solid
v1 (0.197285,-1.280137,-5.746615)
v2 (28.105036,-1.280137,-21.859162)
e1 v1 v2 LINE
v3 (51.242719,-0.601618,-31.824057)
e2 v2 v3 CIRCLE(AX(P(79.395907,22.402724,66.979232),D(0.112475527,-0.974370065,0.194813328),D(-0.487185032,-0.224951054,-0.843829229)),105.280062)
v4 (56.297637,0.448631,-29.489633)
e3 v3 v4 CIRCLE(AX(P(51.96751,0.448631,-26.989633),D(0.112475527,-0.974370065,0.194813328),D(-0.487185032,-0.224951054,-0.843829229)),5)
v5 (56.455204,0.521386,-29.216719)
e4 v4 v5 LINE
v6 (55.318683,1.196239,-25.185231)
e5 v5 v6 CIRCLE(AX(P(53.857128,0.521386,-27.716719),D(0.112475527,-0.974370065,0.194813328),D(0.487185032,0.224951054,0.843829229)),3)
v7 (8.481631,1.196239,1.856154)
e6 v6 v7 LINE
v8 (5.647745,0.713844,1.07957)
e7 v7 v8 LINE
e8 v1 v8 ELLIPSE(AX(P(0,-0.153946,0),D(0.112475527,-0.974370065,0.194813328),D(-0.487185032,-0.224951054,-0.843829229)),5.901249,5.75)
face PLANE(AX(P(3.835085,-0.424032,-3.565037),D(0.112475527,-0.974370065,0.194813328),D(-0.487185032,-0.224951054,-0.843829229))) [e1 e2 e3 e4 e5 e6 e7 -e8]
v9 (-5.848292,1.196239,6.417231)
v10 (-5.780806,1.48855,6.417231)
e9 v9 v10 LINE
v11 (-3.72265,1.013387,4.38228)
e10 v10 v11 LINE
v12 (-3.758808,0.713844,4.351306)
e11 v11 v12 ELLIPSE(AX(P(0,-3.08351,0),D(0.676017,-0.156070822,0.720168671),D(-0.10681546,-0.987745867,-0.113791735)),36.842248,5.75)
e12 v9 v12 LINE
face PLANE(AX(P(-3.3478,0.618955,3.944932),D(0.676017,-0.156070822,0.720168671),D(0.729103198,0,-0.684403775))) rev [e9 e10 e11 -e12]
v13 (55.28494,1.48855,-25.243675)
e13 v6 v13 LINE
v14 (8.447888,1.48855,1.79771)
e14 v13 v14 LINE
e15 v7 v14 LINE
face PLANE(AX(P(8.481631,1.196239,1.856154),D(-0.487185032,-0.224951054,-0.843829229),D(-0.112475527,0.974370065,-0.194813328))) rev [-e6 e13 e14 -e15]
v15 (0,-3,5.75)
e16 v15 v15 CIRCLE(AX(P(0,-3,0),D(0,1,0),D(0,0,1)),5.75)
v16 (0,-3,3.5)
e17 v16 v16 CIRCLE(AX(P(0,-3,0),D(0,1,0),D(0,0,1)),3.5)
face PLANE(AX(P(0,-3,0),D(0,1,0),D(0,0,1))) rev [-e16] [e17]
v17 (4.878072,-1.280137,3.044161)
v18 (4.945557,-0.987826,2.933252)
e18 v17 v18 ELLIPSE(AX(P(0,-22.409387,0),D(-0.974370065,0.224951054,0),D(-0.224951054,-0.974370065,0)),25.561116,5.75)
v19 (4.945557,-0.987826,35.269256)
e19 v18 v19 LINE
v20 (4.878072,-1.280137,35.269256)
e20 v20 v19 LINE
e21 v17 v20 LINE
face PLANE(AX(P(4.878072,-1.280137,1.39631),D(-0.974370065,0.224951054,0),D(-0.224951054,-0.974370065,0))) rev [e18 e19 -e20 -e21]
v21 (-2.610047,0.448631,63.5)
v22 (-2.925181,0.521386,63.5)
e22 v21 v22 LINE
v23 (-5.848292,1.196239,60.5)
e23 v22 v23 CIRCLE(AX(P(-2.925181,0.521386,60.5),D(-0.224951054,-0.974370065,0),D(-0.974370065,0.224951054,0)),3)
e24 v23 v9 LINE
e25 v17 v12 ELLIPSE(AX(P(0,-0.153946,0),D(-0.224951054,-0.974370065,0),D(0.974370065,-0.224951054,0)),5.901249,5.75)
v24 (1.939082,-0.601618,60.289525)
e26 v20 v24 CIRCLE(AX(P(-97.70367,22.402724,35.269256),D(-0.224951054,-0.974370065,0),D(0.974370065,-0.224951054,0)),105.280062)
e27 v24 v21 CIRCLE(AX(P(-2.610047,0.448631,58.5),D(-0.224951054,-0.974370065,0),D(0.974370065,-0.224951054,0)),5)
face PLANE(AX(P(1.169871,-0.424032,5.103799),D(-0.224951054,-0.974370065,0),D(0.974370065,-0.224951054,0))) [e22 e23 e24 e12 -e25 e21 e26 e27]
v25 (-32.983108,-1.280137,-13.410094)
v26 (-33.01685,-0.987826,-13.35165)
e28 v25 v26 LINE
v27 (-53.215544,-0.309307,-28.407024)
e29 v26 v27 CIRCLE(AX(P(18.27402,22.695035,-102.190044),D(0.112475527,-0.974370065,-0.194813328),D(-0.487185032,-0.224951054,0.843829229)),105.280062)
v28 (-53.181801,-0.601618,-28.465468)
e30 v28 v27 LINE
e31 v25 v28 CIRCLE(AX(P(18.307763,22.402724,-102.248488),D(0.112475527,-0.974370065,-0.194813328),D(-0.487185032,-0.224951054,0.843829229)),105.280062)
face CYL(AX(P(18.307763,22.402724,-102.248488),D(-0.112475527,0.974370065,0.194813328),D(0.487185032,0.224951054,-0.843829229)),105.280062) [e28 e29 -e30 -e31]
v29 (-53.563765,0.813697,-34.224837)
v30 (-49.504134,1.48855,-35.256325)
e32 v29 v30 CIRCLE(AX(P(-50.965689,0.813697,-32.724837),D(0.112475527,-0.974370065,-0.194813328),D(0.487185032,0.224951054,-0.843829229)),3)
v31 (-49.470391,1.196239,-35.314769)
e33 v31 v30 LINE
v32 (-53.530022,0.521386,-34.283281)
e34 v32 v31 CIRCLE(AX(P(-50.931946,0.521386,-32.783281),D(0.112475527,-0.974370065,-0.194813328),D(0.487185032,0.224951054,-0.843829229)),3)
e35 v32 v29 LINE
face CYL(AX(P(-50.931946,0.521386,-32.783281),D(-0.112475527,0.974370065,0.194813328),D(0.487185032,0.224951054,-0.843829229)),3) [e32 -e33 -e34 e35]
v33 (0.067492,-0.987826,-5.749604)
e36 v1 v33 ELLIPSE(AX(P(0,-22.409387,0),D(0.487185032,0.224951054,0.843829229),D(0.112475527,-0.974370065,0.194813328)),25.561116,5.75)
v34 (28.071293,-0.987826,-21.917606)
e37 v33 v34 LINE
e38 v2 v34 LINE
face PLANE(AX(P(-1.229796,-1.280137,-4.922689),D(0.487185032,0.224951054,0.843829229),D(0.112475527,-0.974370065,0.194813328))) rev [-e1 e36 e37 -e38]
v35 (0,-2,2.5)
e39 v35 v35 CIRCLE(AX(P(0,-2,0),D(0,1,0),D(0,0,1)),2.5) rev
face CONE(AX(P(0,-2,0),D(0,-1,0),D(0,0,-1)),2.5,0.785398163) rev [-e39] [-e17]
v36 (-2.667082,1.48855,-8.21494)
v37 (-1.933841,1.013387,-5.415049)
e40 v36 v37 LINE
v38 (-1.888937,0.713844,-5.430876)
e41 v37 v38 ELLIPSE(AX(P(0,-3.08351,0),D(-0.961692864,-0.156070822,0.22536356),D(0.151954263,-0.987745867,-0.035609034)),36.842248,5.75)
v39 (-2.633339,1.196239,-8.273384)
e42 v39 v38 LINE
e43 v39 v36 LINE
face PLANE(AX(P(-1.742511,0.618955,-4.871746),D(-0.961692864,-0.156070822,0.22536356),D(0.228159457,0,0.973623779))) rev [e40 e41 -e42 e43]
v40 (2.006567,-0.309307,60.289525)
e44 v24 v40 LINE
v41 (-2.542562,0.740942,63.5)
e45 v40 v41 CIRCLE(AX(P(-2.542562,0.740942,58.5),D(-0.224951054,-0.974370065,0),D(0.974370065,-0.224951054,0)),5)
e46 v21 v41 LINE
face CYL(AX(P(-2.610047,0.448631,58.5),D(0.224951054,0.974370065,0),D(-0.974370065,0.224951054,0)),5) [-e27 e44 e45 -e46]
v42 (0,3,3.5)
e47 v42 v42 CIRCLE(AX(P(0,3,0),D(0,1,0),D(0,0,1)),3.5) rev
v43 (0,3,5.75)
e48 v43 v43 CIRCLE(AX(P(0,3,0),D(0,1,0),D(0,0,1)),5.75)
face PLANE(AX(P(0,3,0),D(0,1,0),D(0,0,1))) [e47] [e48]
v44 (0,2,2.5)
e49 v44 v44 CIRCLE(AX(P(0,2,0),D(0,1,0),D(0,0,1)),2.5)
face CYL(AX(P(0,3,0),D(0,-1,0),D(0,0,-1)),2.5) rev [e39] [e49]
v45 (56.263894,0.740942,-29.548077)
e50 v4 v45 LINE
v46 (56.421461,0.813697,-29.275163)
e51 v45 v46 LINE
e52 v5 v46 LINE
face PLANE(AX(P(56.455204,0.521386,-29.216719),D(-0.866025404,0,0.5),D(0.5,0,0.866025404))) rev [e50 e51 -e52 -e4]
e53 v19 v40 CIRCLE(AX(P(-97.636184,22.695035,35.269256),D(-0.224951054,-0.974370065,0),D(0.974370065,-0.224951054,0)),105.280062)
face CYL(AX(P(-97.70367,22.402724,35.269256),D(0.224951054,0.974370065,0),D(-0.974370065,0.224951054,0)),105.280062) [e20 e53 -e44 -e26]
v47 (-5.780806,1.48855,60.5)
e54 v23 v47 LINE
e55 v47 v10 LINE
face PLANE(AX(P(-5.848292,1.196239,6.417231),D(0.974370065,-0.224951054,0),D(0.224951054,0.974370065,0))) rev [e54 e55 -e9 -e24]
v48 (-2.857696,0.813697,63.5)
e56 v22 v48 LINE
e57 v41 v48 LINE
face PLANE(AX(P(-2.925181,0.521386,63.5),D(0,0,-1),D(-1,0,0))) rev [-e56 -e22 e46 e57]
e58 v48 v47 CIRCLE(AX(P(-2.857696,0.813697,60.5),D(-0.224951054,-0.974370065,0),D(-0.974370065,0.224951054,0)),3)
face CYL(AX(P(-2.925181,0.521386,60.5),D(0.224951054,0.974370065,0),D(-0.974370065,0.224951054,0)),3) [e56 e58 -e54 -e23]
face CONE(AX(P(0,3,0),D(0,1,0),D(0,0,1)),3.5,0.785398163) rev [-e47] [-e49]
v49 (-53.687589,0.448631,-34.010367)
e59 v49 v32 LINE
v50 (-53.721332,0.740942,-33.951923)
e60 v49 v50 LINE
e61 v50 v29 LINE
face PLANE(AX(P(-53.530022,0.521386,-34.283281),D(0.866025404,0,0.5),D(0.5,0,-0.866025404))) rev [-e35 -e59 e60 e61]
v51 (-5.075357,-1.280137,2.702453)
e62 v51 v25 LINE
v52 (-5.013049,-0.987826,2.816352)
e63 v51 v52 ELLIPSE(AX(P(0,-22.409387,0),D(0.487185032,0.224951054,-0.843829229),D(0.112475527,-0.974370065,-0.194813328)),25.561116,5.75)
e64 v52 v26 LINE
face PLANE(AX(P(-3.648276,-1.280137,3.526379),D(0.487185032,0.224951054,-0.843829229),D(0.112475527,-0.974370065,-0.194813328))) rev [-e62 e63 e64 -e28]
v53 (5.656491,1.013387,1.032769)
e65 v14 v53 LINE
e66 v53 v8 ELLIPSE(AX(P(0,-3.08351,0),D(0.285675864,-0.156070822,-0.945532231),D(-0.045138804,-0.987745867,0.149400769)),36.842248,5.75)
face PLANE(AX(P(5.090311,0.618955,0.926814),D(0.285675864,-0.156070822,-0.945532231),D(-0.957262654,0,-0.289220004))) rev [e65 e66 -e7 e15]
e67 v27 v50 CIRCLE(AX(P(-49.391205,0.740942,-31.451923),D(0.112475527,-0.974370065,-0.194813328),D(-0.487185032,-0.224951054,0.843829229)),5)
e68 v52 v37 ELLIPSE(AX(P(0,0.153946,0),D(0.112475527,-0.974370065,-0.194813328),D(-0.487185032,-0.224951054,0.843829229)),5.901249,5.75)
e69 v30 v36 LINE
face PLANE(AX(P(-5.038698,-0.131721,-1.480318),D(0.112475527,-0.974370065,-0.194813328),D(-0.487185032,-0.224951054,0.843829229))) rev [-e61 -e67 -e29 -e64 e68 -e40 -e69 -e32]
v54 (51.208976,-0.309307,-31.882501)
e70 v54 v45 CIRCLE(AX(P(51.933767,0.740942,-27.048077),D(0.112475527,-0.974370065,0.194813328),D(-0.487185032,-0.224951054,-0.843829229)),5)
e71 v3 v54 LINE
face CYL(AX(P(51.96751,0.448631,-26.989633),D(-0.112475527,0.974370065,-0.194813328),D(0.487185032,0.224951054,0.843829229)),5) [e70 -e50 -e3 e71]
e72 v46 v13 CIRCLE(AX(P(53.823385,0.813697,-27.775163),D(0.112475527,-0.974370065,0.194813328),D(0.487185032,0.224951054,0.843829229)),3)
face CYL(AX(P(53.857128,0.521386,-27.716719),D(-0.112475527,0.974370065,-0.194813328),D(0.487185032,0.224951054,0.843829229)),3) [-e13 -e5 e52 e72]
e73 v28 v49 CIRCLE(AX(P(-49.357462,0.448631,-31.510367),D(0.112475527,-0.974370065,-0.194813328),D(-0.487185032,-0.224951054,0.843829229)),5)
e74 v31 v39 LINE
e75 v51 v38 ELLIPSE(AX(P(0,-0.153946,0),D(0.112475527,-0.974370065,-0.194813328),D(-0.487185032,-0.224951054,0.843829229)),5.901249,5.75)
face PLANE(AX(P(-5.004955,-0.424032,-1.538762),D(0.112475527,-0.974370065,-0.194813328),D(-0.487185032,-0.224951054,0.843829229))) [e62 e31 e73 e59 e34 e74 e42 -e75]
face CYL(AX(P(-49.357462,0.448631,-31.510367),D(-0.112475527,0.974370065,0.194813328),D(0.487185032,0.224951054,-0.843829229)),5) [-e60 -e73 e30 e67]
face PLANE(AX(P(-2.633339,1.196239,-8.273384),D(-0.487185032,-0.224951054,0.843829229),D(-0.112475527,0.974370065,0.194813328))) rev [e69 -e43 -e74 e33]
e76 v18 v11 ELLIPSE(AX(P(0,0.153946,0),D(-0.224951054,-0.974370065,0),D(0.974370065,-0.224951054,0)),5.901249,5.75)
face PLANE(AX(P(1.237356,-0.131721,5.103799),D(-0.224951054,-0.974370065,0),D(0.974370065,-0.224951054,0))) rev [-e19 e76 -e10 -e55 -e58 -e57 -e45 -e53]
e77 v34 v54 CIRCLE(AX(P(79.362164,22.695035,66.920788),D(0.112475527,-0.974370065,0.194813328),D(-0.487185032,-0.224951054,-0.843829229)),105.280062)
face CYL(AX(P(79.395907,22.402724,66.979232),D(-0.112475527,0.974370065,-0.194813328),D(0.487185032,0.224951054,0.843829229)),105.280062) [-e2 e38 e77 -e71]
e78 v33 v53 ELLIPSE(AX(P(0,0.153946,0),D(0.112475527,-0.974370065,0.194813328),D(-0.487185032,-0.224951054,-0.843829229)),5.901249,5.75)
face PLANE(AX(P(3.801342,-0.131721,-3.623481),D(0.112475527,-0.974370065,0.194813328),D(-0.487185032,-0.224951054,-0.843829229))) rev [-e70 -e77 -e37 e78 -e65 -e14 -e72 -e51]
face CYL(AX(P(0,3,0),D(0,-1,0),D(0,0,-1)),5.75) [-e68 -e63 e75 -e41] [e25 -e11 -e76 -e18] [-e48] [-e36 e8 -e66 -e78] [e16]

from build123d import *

# Parameters (mm, degrees)
SKETCH1_R           = 5.75
BOSS_EXTRUDE1_DEPTH = 3
BOSS_EXTRUDE2_DEPTH = 0.15
CIRPATTERN1_COUNT   = 3
SKETCH4_R           = 2.5
CUT_EXTRUDE1_DEPTH  = 7
CHAMFER1_SIZE       = 1


with BuildPart() as part:
    # Sketch1 → Boss-Extrude1 (new body, symmetric)
    with BuildSketch(Plane(origin=(0, 0, 0), x_dir=(1, 0, 0), z_dir=(0, 1, 0))):
        Circle(SKETCH1_R)
    extrude(amount=BOSS_EXTRUDE1_DEPTH, both=True)

    # Sketch3 → Boss-Extrude2 (add, symmetric)
    with BuildSketch(Plane(origin=(0, 0, 0), x_dir=(0.974370065, -0.224951054, 0), z_dir=(-0.224951054, -0.974370065, 0))):
        with BuildLine():
            Line((-3.401230627, 3.94493197), (-5.967495519, 6.417230684))
            Line((-5.967495519, 6.417230684), (-5.967495519, 60.5))
            ThreePointArc((-5.967495519, 60.5), (-5.088815862, 62.621320344), (-2.967495519, 63.5))
            Line((-2.967495519, 63.5), (-2.64407202, 63.5))
            ThreePointArc((-2.64407202, 63.5), (0.188980824, 62.61992859), (2.024718143, 60.289524634))
            ThreePointArc((2.024718143, 60.289524634), (4.284220879, 47.869969205), (5.041015214, 35.26925605))
            Line((5.041015214, 35.26925605), (5.041015214, 1.396310084))
            add(Edge.make_bspline(
                [(-3.401230627, 3.94493197), (1.650654294, 7.536977948), (5.041015214, 1.396310084)],
                knots=[0, 0, 0, 1, 1, 1], degree=2))
        make_face()
    boss_extrude2 = extrude(amount=BOSS_EXTRUDE2_DEPTH, both=True)

    # CirPattern1: Boss-Extrude2 ×3 about axis
    cirpattern1_axis = Axis((0, 0, 0), (0, 1, 0))
    for i in range(1, CIRPATTERN1_COUNT):
        add(boss_extrude2.rotate(cirpattern1_axis, i * 360 / CIRPATTERN1_COUNT))

    # Sketch4 → Cut-Extrude1 (cut, through all)
    with BuildSketch(Plane.XZ.offset(3)):
        Circle(SKETCH4_R)
    extrude(amount=-CUT_EXTRUDE1_DEPTH, mode=Mode.SUBTRACT)

    # Chamfer1
    chamfer1_edges = [part.edges().sort_by_distance(p)[0] for p in [
        (-2.5, 3, 0),
        (-2.5, -3, 0),
    ]]
    chamfer(chamfer1_edges, length=CHAMFER1_SIZE)


solid = part.part
